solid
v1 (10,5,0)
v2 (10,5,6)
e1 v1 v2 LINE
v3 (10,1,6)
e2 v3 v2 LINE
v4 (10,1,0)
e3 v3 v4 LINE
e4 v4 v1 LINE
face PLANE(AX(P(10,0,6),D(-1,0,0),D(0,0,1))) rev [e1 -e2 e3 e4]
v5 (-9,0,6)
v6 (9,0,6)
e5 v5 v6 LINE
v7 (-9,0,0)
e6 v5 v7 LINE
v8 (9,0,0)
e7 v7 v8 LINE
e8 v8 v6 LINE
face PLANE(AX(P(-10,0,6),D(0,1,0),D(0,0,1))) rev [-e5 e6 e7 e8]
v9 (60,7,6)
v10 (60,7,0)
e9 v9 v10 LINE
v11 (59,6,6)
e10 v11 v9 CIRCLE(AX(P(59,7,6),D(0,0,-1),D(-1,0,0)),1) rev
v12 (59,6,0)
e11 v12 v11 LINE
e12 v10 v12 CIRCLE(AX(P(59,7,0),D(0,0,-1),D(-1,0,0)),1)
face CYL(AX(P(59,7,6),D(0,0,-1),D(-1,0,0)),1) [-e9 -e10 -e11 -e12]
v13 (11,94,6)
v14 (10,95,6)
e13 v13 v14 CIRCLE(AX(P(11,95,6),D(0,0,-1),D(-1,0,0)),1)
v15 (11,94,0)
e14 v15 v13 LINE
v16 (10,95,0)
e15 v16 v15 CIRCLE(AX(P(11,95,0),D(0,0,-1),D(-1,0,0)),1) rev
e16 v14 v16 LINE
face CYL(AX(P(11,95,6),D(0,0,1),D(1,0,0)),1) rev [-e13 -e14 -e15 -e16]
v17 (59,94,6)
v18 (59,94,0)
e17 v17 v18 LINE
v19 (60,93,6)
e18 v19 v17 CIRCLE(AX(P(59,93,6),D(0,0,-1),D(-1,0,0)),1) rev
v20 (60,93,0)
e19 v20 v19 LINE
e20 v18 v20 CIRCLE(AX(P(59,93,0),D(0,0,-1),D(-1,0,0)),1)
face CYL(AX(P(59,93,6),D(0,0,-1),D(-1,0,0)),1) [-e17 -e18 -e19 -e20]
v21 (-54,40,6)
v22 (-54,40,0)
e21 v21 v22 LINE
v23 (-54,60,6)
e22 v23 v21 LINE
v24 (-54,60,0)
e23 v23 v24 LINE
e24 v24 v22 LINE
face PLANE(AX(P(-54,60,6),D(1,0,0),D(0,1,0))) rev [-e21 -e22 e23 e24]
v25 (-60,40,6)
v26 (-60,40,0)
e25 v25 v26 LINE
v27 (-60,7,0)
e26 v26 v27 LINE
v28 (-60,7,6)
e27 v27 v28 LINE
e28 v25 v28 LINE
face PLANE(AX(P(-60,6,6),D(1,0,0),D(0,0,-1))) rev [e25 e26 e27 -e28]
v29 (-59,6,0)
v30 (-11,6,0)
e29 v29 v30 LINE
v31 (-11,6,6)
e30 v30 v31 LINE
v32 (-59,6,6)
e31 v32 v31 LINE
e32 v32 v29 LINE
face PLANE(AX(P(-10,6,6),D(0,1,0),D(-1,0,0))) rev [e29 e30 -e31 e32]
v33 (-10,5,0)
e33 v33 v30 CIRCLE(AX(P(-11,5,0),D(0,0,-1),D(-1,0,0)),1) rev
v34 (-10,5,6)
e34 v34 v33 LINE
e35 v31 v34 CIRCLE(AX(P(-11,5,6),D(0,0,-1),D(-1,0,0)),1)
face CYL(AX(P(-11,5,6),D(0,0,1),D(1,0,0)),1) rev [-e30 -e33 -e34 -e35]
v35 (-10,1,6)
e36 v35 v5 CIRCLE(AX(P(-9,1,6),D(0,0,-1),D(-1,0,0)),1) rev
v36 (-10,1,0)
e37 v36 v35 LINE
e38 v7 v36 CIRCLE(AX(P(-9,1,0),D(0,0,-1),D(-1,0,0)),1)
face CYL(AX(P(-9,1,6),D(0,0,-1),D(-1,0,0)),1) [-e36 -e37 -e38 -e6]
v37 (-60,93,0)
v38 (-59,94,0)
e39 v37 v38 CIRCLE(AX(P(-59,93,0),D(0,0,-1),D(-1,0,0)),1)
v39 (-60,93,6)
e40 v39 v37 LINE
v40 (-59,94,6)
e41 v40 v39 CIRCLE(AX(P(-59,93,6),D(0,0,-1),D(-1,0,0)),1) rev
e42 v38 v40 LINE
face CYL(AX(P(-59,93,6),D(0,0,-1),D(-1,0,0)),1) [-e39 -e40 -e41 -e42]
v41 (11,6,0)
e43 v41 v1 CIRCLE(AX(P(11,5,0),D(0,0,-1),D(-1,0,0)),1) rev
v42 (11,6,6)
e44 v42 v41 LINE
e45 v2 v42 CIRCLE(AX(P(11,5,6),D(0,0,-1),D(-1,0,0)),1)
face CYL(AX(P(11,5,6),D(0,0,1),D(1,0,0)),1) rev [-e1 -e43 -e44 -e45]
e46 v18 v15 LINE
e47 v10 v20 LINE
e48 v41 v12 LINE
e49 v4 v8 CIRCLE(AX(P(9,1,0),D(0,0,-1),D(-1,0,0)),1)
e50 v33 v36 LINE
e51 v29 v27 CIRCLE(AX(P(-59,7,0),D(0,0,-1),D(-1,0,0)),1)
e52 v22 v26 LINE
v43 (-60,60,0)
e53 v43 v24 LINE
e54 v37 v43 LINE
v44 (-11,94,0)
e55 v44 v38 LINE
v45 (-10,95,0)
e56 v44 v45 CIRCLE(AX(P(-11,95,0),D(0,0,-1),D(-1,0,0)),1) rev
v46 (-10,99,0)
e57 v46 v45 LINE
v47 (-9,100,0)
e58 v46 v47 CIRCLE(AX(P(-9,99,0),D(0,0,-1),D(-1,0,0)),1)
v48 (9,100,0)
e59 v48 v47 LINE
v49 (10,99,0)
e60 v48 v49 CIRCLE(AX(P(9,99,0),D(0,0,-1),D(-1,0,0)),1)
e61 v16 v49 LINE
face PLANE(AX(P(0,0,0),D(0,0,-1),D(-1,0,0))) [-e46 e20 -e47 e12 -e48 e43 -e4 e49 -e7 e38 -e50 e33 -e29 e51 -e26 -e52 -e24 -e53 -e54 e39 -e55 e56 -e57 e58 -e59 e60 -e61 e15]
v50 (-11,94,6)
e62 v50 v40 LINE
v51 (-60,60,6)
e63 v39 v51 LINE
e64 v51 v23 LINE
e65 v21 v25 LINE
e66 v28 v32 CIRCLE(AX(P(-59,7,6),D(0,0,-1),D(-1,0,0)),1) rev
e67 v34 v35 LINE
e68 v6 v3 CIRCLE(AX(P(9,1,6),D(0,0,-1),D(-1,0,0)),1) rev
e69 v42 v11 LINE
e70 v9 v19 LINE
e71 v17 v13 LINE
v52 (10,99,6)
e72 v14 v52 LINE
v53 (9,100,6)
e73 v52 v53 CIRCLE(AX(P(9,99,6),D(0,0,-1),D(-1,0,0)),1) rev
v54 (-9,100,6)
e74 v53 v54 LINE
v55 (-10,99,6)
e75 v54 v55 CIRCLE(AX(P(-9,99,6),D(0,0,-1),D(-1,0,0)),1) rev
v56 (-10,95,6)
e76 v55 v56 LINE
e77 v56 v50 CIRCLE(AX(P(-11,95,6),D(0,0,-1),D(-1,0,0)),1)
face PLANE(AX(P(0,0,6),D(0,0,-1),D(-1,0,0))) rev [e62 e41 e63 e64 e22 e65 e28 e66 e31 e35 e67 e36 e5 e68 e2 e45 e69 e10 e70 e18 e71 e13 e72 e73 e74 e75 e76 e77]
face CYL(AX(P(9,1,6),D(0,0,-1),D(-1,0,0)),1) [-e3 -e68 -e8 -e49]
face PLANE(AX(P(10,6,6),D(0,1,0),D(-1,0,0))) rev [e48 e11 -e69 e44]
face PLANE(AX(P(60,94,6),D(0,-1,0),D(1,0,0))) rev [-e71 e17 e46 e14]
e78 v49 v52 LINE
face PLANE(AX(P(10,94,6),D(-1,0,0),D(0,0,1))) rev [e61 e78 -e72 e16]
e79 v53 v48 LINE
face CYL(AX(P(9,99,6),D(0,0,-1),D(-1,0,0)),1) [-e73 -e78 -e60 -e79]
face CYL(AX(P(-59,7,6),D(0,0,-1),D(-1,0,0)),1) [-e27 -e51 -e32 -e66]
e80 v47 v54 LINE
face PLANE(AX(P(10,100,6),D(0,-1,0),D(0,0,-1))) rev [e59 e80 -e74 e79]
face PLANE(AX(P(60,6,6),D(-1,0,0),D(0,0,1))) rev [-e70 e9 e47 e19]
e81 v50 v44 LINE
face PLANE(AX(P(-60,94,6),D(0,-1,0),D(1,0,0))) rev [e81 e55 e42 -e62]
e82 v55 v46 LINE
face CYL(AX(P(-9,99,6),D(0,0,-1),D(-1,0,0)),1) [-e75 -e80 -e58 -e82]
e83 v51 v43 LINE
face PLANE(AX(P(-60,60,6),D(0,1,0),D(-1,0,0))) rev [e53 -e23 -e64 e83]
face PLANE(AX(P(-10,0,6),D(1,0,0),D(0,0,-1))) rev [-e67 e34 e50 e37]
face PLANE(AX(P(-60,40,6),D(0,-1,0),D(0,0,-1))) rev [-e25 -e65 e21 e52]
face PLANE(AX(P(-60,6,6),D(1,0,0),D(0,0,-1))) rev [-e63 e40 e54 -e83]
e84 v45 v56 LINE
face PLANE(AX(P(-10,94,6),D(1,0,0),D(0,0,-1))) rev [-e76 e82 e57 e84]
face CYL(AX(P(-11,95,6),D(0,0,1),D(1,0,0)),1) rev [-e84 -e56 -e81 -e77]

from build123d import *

# Parameters (mm, degrees)
BOSS_EXTRUDE1_DEPTH = 6
FILLET1_R           = 1
SKETCH2_W           = 6
SKETCH2_H           = 20
CUT_EXTRUDE1_DEPTH  = 117.773284616


with BuildPart() as part:
    # Sketch1 → Boss-Extrude1 (new body)
    with BuildSketch(Plane.XY):
        Polygon((-10, 0), (10, 0), (10, 6), (60, 6), (60, 94), (10, 94), (10, 100), (-10, 100), (-10, 94), (-60, 94), (-60, 6), (-10, 6), align=None)
    extrude(amount=BOSS_EXTRUDE1_DEPTH)

    # Fillet1
    fillet1_edges = [part.edges().sort_by_distance(p)[0] for p in [
        (60, 94, 3),
        (60, 6, 3),
        (10, 6, 3),
        (10, 0, 3),
        (-10, 0, 3),
        (-10, 6, 3),
        (-60, 6, 3),
        (-60, 94, 3),
        (-10, 94, 3),
        (-10, 100, 3),
        (10, 100, 3),
        (10, 94, 3),
    ]]
    fillet(fillet1_edges, radius=FILLET1_R)

    # Sketch2 → Cut-Extrude1 (cut, through all)
    with BuildSketch(Plane(origin=(0, 0, 0), x_dir=(-1, 0, 0), z_dir=(0, 0, -1))):
        with Locations((57, 50)):
            Rectangle(SKETCH2_W, SKETCH2_H)
    extrude(amount=-CUT_EXTRUDE1_DEPTH, mode=Mode.SUBTRACT)


solid = part.part
